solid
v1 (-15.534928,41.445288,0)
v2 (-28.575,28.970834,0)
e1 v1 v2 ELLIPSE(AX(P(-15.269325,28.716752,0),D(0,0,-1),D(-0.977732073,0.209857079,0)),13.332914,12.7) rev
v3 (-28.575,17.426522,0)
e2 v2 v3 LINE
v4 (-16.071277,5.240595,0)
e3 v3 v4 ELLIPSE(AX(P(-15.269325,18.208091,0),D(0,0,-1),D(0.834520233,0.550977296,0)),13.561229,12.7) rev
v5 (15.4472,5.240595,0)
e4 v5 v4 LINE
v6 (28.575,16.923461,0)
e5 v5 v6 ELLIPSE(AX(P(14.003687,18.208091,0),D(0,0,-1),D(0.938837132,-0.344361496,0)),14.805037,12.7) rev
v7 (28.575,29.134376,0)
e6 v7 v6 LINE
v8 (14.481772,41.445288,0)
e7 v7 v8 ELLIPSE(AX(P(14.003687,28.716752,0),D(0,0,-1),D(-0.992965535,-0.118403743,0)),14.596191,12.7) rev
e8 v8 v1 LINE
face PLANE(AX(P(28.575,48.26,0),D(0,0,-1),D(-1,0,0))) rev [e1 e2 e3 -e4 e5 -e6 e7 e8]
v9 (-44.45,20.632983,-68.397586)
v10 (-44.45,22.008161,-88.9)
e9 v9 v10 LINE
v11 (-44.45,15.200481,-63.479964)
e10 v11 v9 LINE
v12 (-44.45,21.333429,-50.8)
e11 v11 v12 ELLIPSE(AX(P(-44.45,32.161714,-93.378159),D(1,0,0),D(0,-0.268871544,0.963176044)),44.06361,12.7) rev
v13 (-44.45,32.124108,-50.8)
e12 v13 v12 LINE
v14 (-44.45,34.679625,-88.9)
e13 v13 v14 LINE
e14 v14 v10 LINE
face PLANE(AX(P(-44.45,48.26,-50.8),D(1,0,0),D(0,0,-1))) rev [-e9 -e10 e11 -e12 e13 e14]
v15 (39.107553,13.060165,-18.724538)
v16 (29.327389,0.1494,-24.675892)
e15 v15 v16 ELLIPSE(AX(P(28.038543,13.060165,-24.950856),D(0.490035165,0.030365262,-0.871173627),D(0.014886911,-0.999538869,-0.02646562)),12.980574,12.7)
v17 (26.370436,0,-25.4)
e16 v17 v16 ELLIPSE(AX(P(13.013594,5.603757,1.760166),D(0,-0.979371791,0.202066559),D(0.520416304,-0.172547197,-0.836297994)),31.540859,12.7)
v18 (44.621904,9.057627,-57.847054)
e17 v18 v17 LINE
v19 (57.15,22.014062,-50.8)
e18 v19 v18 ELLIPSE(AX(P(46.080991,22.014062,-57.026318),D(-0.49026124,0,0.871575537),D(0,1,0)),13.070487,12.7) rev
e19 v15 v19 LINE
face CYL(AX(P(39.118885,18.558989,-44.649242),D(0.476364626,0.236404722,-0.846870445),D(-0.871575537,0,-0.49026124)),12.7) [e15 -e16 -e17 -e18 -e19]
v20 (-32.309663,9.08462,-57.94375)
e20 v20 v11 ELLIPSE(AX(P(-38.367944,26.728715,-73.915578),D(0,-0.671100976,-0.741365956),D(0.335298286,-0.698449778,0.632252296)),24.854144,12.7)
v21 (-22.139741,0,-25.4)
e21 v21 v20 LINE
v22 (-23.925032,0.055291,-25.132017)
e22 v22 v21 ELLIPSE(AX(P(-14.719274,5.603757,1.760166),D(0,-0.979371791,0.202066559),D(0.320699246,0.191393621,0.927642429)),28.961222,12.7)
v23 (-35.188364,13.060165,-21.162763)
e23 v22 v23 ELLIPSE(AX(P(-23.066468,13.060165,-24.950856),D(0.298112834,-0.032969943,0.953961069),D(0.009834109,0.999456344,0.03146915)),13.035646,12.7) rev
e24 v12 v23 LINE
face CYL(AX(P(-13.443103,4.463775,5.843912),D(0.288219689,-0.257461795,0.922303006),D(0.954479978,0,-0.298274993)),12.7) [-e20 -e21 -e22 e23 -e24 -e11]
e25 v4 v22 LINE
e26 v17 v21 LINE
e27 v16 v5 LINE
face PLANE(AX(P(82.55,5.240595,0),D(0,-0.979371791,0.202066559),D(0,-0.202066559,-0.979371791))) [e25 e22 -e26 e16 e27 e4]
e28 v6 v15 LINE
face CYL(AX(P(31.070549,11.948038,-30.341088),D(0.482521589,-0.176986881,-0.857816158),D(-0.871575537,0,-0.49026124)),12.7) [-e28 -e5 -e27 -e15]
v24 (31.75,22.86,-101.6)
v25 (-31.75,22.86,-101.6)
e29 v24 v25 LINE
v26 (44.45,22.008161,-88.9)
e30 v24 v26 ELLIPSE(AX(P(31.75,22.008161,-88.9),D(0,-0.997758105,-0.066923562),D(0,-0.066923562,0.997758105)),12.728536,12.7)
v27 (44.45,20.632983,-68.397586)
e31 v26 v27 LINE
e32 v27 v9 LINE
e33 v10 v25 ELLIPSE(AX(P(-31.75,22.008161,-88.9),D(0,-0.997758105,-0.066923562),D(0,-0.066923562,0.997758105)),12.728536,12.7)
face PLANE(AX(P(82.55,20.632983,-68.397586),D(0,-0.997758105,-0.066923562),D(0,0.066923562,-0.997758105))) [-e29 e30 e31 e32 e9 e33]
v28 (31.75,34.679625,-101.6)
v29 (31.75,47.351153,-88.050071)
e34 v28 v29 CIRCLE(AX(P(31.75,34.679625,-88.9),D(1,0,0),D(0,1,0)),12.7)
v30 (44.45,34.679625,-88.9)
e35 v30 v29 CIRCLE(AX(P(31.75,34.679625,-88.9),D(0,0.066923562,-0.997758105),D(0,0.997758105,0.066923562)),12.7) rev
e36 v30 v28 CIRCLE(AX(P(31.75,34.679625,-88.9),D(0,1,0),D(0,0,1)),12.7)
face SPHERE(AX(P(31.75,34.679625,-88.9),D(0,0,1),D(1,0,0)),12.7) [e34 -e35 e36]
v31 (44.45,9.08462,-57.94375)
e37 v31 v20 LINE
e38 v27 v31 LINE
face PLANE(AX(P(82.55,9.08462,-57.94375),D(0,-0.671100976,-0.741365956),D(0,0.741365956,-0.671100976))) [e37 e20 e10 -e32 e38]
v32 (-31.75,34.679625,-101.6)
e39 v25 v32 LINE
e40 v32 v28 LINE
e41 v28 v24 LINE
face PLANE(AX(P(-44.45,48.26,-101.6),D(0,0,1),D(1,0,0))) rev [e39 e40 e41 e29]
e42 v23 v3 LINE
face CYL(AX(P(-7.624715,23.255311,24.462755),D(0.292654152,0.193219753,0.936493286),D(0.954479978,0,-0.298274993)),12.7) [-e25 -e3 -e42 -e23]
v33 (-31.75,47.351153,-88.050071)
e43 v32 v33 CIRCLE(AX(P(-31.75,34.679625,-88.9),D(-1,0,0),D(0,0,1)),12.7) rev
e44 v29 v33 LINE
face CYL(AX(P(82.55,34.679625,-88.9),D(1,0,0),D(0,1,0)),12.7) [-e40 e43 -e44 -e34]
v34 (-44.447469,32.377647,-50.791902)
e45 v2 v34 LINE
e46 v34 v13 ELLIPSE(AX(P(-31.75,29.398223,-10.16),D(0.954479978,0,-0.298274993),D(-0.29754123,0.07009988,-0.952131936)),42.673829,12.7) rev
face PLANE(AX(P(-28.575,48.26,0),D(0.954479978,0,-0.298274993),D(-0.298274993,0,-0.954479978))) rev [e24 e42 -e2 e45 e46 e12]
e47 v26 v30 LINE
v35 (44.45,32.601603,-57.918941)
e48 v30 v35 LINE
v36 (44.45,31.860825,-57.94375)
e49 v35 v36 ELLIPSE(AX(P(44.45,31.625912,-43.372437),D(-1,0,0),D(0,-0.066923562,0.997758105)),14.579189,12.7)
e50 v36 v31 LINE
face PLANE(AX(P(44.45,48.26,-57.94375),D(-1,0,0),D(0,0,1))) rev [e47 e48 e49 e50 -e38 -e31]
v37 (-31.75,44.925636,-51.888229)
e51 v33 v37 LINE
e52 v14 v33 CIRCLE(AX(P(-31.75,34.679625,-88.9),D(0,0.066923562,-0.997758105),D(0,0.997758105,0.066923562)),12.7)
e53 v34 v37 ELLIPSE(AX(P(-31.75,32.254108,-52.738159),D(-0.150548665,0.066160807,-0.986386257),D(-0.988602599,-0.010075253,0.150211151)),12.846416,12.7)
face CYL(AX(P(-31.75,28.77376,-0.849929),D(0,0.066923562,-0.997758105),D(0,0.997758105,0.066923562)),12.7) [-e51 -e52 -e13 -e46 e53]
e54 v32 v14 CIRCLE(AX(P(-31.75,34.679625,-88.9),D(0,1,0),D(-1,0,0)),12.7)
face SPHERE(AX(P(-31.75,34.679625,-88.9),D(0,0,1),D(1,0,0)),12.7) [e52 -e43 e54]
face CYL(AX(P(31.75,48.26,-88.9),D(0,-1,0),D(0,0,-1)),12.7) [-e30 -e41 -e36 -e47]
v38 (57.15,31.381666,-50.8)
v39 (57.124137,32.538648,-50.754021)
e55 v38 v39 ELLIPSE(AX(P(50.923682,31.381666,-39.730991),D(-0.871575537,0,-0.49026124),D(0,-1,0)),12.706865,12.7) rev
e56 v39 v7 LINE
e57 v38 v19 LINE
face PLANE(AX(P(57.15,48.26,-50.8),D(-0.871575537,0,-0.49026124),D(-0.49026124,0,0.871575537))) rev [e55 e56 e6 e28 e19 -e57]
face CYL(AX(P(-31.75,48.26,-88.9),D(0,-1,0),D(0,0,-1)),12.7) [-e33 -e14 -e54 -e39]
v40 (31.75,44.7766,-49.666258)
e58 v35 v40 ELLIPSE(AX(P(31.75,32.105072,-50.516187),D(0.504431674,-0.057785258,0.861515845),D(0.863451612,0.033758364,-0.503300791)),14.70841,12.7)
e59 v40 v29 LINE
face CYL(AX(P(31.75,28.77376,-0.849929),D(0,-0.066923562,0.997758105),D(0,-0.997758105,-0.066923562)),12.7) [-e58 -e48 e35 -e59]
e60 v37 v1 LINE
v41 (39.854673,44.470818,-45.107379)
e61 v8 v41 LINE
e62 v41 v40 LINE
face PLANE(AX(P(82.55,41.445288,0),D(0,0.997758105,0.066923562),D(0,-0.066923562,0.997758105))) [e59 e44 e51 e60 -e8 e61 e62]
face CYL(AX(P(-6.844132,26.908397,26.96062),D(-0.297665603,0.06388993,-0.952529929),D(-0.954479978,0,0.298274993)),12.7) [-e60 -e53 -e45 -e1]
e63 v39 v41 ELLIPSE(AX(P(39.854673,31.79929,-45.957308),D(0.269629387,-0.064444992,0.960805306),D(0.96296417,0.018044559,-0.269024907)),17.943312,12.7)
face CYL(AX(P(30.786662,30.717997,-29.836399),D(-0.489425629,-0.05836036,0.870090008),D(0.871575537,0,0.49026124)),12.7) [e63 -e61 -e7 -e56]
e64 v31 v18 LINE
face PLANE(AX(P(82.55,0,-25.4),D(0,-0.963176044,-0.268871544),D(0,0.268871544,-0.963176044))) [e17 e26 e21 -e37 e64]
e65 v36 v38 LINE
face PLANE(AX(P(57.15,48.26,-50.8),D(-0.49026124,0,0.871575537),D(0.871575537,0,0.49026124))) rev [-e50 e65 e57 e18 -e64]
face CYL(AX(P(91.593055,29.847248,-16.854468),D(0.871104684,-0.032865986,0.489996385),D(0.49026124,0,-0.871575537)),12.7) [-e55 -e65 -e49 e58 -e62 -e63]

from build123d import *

# Parameters (mm, degrees)
EXTRUDE1_DEPTH     = 48.26
SKETCH3_OUTSIDE_W  = 133.914
SKETCH3_OUTSIDE_H  = 80.574
CUT_EXTRUDE1_DEPTH = 127
FILLET1_R          = 12.7
FILLET2_R          = 12.7


with BuildPart() as part:
    # Sketch1 → Extrude1 (new body)
    with BuildSketch(Plane(origin=(0, 0, 0), x_dir=(1, 0, 0), z_dir=(0, 1, 0))):
        Polygon((-44.45, 101.6), (44.45, 101.6), (44.45, 57.94375), (57.15, 50.8), (28.575, 0), (-28.575, 0), (-44.45, 50.8), align=None)
    extrude(amount=EXTRUDE1_DEPTH)

    # Sketch3 outside → Cut-Extrude1 (cut, symmetric)
    with BuildSketch(Plane.ZY.offset(44.45)):
        with Locations((-50.8, 24.13)):
            Rectangle(SKETCH3_OUTSIDE_W, SKETCH3_OUTSIDE_H)
        Polygon((0, 41.445288221), (-101.6, 48.26), (-101.6, 22.86), (-68.397585835, 20.632983436), (-57.94375, 9.084619968), (-25.4, 0), (0, 5.240594668), align=None, mode=Mode.SUBTRACT)
    extrude(amount=CUT_EXTRUDE1_DEPTH, both=True, mode=Mode.SUBTRACT)

    # Fillet1
    fillet1_edges = [part.edges().sort_by_distance(p)[0] for p in [
        (-44.45, 35.56, -101.6),
        (44.45, 35.56, -101.6),
        (0, 48.26, -101.6),
        (-44.45, 46.556322055, -76.2),
        (-36.5125, 43.148966165, -25.4),
        (42.8625, 43.148966165, -25.4),
        (50.8, 45.092223821, -54.371875),
        (44.45, 46.795901766, -79.771875),
    ]]
    fillet(fillet1_edges, radius=FILLET1_R)

    # Fillet2
    fillet2_edges = [part.edges().sort_by_distance(p)[0] for p in [
        (-40.48125, 3.545217548, -38.1),
        (-32.54375, 2.620297334, -12.7),
        (50.00625, 3.545217548, -38.1),
        (35.71875, 2.620297334, -12.7),
    ]]
    fillet(fillet2_edges, radius=FILLET2_R)


solid = part.part
